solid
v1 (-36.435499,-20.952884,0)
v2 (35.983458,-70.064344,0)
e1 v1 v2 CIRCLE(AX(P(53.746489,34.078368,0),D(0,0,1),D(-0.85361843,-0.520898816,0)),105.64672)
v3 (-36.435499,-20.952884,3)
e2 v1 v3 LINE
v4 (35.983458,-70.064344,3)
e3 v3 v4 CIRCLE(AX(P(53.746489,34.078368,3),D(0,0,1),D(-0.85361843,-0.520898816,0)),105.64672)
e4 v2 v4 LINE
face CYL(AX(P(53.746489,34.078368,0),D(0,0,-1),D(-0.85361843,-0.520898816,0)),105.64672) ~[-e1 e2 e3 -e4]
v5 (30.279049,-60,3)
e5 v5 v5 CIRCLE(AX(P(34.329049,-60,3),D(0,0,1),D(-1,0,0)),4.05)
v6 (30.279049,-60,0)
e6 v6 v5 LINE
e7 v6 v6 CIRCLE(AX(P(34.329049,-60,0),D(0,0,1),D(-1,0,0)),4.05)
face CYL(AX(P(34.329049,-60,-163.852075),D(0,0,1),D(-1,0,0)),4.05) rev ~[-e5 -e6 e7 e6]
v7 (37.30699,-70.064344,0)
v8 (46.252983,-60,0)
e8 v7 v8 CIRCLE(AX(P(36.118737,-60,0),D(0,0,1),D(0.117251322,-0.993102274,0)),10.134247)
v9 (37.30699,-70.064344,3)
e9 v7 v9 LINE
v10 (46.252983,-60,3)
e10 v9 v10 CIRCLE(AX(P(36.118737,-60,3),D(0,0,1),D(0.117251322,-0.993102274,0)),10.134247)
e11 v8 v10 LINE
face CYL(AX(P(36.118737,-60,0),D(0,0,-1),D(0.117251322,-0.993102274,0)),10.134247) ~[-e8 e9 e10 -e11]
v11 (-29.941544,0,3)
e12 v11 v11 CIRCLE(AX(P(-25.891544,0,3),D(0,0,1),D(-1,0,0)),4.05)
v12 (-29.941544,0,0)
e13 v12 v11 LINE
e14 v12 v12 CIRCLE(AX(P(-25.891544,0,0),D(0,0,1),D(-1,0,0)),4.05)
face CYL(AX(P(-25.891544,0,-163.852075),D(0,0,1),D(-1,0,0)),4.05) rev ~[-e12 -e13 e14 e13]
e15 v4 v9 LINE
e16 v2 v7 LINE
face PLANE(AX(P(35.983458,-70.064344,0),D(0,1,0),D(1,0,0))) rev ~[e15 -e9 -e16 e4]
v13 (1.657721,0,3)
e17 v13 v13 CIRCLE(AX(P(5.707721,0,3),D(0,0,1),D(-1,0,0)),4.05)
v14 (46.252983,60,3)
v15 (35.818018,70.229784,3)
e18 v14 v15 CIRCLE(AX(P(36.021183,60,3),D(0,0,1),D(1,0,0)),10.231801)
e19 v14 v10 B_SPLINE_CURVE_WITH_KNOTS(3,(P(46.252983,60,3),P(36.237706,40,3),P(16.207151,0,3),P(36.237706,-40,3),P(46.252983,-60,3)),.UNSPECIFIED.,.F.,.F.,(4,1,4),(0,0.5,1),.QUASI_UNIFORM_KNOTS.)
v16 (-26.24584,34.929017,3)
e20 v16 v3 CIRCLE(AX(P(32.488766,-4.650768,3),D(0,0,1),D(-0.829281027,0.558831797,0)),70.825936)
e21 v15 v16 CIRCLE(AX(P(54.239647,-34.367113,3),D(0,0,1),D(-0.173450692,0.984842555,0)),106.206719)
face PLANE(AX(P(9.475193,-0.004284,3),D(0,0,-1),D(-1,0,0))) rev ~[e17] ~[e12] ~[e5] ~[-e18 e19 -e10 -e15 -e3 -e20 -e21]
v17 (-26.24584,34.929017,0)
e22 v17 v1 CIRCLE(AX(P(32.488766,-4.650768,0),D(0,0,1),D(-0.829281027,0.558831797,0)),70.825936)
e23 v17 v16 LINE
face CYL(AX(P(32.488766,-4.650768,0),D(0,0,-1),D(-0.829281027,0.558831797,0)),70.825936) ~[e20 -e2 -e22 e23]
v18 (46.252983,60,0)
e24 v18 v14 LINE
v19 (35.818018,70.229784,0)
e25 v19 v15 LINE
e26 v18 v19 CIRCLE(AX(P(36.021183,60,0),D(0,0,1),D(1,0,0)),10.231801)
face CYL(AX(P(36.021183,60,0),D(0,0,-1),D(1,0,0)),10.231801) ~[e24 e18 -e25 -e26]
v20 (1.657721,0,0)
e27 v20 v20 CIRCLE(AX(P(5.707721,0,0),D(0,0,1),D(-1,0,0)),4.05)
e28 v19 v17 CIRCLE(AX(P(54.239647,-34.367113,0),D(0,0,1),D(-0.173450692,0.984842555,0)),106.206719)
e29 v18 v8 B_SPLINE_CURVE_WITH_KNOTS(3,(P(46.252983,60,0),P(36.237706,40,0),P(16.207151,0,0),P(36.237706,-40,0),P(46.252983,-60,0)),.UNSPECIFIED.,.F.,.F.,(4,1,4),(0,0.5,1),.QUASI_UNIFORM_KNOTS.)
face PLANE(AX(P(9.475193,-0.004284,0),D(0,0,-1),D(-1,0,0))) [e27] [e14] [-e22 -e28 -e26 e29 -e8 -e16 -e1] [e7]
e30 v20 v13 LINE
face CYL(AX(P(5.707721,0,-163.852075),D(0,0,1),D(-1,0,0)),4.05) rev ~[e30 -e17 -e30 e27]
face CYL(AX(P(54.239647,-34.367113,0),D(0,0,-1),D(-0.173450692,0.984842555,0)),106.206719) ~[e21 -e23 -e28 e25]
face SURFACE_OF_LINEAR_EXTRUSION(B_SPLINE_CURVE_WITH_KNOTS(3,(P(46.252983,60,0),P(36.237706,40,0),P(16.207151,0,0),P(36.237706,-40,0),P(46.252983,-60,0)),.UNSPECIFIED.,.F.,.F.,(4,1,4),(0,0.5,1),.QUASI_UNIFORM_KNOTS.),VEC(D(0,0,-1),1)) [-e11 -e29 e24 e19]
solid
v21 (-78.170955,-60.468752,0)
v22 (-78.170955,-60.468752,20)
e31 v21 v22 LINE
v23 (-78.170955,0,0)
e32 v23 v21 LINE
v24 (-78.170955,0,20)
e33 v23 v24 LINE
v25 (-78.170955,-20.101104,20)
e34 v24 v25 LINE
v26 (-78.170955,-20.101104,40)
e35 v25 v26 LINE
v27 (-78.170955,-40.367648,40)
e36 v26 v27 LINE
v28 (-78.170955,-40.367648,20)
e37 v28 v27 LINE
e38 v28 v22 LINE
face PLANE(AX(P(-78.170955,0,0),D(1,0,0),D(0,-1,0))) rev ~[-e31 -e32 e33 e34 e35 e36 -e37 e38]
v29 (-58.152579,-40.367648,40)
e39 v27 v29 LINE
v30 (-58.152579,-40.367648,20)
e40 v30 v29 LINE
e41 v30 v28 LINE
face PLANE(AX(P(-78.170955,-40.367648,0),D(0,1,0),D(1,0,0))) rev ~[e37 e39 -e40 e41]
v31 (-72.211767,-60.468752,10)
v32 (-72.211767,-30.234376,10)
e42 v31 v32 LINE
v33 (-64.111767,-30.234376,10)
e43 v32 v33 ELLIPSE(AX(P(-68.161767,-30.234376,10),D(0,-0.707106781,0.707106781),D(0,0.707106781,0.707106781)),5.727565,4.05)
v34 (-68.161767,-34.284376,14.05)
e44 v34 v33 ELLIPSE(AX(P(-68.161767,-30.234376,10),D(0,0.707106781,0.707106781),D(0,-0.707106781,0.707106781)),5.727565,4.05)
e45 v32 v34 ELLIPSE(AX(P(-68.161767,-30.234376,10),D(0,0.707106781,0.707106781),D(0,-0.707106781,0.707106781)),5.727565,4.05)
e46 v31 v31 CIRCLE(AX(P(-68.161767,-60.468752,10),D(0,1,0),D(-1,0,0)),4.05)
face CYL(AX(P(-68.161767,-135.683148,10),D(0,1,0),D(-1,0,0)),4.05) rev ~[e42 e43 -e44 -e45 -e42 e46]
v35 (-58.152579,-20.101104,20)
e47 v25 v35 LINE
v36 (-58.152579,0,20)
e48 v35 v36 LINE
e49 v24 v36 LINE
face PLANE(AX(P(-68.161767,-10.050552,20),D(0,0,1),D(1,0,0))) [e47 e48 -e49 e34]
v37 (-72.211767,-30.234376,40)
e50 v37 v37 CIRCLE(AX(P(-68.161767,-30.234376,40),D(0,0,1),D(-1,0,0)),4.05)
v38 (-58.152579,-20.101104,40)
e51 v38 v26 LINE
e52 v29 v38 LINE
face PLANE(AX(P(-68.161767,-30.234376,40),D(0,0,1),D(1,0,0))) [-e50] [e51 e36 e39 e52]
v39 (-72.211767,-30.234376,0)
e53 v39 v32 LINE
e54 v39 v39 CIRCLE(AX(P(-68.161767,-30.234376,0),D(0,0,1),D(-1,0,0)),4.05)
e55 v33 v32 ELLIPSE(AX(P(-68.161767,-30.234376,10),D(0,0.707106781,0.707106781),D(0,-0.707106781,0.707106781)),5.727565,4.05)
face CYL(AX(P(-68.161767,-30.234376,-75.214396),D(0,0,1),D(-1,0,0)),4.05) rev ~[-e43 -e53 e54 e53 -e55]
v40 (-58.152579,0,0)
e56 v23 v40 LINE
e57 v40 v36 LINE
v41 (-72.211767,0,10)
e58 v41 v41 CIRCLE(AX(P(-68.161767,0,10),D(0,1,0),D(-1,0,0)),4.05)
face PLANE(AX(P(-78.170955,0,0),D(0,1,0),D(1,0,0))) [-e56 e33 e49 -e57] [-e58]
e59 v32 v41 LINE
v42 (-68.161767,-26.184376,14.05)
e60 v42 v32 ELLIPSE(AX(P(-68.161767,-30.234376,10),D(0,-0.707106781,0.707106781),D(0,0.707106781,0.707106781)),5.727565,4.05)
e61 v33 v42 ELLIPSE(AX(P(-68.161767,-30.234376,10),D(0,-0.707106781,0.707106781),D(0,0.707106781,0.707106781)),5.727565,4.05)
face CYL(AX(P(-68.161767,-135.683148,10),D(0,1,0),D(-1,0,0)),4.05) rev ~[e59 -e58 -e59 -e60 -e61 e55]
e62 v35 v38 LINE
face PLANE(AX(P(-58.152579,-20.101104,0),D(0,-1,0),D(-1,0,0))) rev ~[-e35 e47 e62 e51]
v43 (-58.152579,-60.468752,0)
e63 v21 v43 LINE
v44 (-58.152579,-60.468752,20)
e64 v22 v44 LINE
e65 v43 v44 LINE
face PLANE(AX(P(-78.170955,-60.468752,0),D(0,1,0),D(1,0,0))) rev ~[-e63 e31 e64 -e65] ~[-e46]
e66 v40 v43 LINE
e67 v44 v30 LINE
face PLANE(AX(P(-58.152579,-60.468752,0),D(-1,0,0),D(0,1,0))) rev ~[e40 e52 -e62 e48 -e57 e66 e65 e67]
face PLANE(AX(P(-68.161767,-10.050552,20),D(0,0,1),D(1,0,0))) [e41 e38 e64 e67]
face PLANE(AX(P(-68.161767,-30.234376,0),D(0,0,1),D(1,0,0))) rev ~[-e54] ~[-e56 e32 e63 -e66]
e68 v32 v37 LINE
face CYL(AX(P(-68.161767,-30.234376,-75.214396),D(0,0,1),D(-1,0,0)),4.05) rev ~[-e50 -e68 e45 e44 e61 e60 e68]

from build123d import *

# Parameters (mm, degrees)
F1_DEPTH = 3
F2_D     = 8.1
F0_W     = 20.01837641
F0_H     = 20.1011039317
F3_DEPTH = 20
F4_DEPTH = 40
F5_D     = 8.1
F7_D     = 8.1


with BuildPart() as f1:
    # F0 (on Top) → F1 (new body)
    with BuildSketch(Plane.XY):
        with BuildLine():
            add(Edge.make_bspline(
                [(46.252983409, 60), (36.237705858, 40), (16.2071507559, 0), (36.237705858, -40), (46.252983409, -60)],
                knots=[0, 0, 0, 0, 0.5, 1, 1, 1, 1], degree=3))
            ThreePointArc((46.252983409, 60), (43.1839686648, 67.3064522221), (35.8180180192, 70.2297836542))
            ThreePointArc((35.8180180192, 70.2297836542), (1.7306915698, 57.9512319162), (-26.2458395153, 34.9290173028))
            ThreePointArc((-26.2458395153, 34.9290173028), (-37.1883000354, 8.0543397848), (-36.4354990583, -20.9528838779))
            ThreePointArc((-36.4354990583, -20.9528838779), (-5.5495112653, -53.3585464112), (35.9834581614, -70.0643435121))
            Line((35.9834581614, -70.0643435121), (37.3069904745, -70.0643435121))
            ThreePointArc((37.3069904745, -70.0643435121), (43.6932008175, -66.7327891678), (46.252983409, -60))
        make_face()
    extrude(amount=F1_DEPTH)

    # F2 (through all)
    with Locations(Plane(origin=(0, 0, 0), x_dir=(1, 0, 0), z_dir=(0, 0, -1))):
        with Locations((34.3290492892, 60), (5.7077207603, 0), (-25.8915442973, 0)):
            Hole(F2_D / 2)


with BuildPart() as f3:
    # F0 (on Top) → F3 (new body)
    with BuildSketch(Plane.XY):
        with Locations((-68.1617669761, -10.0505519658)):
            Rectangle(F0_W, F0_H)
        Polygon((-58.1525787711, -30.2343759686), (-58.1525787711, -20.1011039317), (-78.1709551811, -20.1011039317), (-78.1709551811, -30.2343759686), (-78.1709551811, -40.3676480055), (-58.1525787711, -40.3676480055), align=None)
        with Locations((-68.1617669761, -50.4181999713)):
            Rectangle(F0_W, F0_H)
    extrude(amount=F3_DEPTH)

    # F0 (on Top) → F4 (join)
    with BuildSketch(Plane.XY):
        Polygon((-58.1525787711, -30.2343759686), (-58.1525787711, -20.1011039317), (-78.1709551811, -20.1011039317), (-78.1709551811, -30.2343759686), (-78.1709551811, -40.3676480055), (-58.1525787711, -40.3676480055), align=None)
    extrude(amount=F4_DEPTH)

    # F5 (through all)
    with Locations(Plane(origin=(0, 0, 0), x_dir=(1, 0, 0), z_dir=(0, 0, -1))):
        with Locations((-68.1617669761, 30.2343759686)):
            Hole(F5_D / 2)

    # F7 (through all)
    with Locations(Plane.XZ.offset(60.4687519372)):
        with Locations((-68.1617669761, 10)):
            Hole(F7_D / 2)


solid = Compound([f1.part, f3.part])
